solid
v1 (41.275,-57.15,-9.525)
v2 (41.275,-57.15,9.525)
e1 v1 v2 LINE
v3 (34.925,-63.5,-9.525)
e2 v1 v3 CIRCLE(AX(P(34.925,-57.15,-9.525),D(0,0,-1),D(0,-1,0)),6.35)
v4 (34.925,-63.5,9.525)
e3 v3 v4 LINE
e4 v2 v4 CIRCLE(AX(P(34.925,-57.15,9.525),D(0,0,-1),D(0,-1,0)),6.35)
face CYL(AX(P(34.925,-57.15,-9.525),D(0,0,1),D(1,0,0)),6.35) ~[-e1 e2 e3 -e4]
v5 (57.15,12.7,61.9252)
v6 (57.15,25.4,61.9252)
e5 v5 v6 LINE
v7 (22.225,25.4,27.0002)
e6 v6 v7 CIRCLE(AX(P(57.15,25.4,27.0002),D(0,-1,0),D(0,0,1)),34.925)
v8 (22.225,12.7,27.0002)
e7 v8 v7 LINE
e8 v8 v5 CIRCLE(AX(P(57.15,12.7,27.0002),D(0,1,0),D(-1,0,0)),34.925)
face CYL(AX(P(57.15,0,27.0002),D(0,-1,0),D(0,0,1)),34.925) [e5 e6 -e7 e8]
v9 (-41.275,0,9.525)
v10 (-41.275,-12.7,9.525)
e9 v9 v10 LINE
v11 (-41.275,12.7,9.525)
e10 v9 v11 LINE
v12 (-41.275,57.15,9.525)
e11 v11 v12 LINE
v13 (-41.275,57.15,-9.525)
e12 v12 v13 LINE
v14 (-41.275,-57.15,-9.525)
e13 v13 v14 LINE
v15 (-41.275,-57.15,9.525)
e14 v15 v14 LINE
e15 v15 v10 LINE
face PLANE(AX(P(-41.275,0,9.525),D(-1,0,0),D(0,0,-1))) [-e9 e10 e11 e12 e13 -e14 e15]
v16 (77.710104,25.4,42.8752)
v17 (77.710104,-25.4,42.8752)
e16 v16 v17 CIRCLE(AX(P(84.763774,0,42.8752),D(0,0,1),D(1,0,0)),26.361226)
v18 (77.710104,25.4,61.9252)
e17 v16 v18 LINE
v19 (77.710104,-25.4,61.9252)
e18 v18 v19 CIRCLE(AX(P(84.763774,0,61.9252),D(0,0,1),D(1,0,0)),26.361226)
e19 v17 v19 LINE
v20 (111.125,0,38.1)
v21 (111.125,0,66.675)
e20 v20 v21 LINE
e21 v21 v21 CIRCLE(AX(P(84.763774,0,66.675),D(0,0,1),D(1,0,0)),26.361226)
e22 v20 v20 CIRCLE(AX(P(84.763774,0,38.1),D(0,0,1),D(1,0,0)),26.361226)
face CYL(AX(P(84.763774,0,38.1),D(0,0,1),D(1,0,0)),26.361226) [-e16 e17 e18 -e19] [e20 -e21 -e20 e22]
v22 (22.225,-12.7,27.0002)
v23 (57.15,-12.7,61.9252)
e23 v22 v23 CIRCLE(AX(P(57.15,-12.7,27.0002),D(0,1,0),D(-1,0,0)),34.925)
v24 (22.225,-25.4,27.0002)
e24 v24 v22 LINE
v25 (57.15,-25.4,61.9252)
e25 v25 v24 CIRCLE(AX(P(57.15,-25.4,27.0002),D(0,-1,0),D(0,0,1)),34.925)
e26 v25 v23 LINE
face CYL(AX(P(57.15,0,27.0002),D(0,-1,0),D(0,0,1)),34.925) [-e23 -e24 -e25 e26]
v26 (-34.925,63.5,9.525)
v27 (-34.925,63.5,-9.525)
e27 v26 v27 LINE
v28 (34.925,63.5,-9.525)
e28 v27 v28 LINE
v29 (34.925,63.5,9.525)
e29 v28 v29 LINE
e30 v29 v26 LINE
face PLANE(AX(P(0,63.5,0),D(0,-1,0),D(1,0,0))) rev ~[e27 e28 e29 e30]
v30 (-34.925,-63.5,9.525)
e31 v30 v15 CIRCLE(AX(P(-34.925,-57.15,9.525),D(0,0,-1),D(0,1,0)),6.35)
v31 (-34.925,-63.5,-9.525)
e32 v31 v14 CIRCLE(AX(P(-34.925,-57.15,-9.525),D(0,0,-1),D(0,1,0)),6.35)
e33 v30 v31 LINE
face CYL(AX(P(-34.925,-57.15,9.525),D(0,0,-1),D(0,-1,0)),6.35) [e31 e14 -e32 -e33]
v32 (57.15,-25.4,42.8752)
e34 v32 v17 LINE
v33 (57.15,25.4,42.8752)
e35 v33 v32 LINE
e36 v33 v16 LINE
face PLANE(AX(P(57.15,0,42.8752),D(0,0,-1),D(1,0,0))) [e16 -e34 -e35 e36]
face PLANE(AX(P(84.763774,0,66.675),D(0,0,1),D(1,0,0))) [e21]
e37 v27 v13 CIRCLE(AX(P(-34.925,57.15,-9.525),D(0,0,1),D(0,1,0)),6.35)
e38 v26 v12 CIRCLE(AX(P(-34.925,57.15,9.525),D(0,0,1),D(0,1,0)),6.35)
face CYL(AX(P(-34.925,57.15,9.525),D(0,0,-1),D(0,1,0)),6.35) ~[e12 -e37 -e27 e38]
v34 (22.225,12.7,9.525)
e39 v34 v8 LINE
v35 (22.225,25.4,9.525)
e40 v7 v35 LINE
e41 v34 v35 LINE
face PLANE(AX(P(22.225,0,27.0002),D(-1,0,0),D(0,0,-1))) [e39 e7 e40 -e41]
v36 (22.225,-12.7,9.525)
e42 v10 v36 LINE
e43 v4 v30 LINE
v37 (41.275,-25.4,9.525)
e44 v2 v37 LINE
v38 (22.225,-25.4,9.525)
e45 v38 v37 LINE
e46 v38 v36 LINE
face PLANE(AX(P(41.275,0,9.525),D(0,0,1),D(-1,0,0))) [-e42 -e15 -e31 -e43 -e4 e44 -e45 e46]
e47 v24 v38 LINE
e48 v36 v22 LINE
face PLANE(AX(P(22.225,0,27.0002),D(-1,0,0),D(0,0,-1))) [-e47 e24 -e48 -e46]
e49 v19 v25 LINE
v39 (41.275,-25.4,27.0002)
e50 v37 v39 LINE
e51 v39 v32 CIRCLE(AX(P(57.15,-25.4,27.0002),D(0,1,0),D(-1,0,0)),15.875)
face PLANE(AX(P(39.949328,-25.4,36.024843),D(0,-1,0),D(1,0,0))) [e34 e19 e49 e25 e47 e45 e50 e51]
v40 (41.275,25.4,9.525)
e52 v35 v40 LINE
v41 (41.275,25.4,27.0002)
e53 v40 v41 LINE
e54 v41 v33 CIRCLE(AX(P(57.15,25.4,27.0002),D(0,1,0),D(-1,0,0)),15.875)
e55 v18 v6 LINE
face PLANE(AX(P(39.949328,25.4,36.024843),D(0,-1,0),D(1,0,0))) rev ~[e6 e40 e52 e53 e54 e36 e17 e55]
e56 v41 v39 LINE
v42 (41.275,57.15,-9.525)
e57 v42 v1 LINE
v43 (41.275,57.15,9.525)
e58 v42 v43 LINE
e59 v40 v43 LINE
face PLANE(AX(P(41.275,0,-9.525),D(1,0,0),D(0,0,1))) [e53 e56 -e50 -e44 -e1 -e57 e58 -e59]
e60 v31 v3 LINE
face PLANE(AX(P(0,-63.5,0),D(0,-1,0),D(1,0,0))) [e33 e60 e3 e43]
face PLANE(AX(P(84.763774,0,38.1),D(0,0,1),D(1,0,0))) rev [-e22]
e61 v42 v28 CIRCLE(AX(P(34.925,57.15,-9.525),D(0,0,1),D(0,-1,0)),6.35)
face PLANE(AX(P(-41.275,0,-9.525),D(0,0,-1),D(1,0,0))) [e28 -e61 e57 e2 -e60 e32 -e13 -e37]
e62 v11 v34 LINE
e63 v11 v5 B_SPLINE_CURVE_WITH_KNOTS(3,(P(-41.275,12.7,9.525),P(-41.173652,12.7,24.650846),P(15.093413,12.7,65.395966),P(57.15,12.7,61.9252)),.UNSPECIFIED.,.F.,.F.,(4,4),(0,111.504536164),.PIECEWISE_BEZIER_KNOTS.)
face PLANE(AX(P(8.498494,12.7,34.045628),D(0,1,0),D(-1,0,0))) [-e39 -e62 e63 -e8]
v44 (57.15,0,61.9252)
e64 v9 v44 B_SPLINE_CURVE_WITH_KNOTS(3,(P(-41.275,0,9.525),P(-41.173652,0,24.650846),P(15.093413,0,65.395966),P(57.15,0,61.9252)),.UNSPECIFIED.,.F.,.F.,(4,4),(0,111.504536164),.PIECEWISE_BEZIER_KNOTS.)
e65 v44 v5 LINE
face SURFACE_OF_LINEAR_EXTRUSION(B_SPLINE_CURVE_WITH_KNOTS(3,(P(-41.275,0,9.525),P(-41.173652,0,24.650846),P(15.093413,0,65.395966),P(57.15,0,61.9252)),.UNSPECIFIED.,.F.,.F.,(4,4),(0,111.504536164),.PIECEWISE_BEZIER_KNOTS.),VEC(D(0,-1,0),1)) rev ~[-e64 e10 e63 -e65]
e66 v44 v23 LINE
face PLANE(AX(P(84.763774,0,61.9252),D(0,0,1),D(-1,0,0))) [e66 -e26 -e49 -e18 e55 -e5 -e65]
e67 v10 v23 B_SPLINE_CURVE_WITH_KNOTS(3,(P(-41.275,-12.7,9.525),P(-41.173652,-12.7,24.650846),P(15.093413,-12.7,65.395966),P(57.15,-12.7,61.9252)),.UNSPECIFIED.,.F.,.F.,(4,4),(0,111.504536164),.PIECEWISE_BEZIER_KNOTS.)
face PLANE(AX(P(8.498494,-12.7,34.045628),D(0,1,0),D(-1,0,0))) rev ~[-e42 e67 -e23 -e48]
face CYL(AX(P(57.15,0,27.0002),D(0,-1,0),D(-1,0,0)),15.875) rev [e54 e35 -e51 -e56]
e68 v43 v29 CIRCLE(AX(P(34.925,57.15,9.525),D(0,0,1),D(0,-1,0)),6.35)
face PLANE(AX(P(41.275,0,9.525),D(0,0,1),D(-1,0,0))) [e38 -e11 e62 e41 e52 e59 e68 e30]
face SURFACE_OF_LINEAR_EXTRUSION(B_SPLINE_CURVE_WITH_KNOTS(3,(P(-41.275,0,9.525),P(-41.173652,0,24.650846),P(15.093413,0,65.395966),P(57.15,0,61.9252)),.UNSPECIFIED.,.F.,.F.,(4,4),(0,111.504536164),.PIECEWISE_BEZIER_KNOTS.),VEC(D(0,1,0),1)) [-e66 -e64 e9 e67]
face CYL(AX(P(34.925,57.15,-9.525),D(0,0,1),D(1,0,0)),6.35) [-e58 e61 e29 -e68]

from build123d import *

# Parameters (mm, degrees)
F1_DEPTH = 63.5
F0_W     = 24.4387735501
F0_H     = 19.05
F2_DEPTH = 25.4
F3_DEPTH = 12.7
F4_DEPTH = 25.4
F6_R     = 6.35


with BuildPart() as f1:
    # F0 (on Front) → F1 (new body, symmetric)
    with BuildSketch(Plane.XZ):
        Polygon((-41.275, 9.525), (-41.275, -9.525), (41.275, -9.525), (41.275, 9.525), (22.225, 9.525), align=None)
    extrude(amount=F1_DEPTH, both=True)

    # F0 (on Front) → F2 (join, symmetric)
    with BuildSketch(Plane.XZ):
        with BuildLine():
            Line((22.225, 9.525), (41.275, 9.525))
            Line((41.275, 9.525), (41.275, 27.0002))
            ThreePointArc((41.275, 27.0002), (45.9246798487, 38.2255201513), (57.15, 42.8752))
            Line((57.15, 42.8752), (60.325, 42.8752))
            Line((60.325, 42.8752), (60.325, 61.9252))
            Line((60.325, 61.9252), (57.15, 61.9252))
            ThreePointArc((57.15, 61.9252), (32.4542956671, 51.6959043329), (22.225, 27.0002))
            Line((22.225, 27.0002), (22.225, 9.525))
        make_face()
        with Locations((72.5443867751, 52.4002)):
            Rectangle(F0_W, F0_H)
    extrude(amount=F2_DEPTH, both=True)

    # F0 (on Front) → F3 (join, symmetric)
    with BuildSketch(Plane.XZ):
        with BuildLine():
            add(Edge.make_bspline(
                [(-41.275, 9.525), (-41.1736518145, 24.6508456767), (15.0934131816, 65.3959661722), (57.15, 61.9252)],
                knots=[0, 0, 0, 0, 111.5045361635, 111.5045361635, 111.5045361635, 111.5045361635], degree=3))
            Line((-41.275, 9.525), (22.225, 9.525))
            Line((22.225, 9.525), (22.225, 27.0002))
            ThreePointArc((22.225, 27.0002), (32.4542956671, 51.6959043329), (57.15, 61.9252))
        make_face()
    extrude(amount=F3_DEPTH, both=True)

    # F0 (on Front) → F4 (join, symmetric)
    with BuildSketch(Plane.XZ):
        with Locations((72.5443867751, 52.4002)):
            Rectangle(F0_W, F0_H)
    extrude(amount=F4_DEPTH, both=True)

    # F0 (on Front) → F5 (revolve)
    with BuildSketch(Plane.XZ):
        Polygon((84.7637735501, 66.675), (84.7637735501, 61.9252), (84.7637735501, 42.8752), (84.7637735501, 38.1), (111.125, 38.1), (111.125, 66.675), align=None)
    revolve(axis=Axis((84.7637735501, 0, 52.3875), (0, 0, 1)))

    # F6
    f6_edges = [f1.edges().sort_by_distance(p)[0] for p in [
        (-41.275, -63.5, 0),
        (41.275, -63.5, 0),
        (41.275, 63.5, 0),
        (-41.275, 63.5, 0),
    ]]
    fillet(f6_edges, radius=F6_R)


solid = f1.part
